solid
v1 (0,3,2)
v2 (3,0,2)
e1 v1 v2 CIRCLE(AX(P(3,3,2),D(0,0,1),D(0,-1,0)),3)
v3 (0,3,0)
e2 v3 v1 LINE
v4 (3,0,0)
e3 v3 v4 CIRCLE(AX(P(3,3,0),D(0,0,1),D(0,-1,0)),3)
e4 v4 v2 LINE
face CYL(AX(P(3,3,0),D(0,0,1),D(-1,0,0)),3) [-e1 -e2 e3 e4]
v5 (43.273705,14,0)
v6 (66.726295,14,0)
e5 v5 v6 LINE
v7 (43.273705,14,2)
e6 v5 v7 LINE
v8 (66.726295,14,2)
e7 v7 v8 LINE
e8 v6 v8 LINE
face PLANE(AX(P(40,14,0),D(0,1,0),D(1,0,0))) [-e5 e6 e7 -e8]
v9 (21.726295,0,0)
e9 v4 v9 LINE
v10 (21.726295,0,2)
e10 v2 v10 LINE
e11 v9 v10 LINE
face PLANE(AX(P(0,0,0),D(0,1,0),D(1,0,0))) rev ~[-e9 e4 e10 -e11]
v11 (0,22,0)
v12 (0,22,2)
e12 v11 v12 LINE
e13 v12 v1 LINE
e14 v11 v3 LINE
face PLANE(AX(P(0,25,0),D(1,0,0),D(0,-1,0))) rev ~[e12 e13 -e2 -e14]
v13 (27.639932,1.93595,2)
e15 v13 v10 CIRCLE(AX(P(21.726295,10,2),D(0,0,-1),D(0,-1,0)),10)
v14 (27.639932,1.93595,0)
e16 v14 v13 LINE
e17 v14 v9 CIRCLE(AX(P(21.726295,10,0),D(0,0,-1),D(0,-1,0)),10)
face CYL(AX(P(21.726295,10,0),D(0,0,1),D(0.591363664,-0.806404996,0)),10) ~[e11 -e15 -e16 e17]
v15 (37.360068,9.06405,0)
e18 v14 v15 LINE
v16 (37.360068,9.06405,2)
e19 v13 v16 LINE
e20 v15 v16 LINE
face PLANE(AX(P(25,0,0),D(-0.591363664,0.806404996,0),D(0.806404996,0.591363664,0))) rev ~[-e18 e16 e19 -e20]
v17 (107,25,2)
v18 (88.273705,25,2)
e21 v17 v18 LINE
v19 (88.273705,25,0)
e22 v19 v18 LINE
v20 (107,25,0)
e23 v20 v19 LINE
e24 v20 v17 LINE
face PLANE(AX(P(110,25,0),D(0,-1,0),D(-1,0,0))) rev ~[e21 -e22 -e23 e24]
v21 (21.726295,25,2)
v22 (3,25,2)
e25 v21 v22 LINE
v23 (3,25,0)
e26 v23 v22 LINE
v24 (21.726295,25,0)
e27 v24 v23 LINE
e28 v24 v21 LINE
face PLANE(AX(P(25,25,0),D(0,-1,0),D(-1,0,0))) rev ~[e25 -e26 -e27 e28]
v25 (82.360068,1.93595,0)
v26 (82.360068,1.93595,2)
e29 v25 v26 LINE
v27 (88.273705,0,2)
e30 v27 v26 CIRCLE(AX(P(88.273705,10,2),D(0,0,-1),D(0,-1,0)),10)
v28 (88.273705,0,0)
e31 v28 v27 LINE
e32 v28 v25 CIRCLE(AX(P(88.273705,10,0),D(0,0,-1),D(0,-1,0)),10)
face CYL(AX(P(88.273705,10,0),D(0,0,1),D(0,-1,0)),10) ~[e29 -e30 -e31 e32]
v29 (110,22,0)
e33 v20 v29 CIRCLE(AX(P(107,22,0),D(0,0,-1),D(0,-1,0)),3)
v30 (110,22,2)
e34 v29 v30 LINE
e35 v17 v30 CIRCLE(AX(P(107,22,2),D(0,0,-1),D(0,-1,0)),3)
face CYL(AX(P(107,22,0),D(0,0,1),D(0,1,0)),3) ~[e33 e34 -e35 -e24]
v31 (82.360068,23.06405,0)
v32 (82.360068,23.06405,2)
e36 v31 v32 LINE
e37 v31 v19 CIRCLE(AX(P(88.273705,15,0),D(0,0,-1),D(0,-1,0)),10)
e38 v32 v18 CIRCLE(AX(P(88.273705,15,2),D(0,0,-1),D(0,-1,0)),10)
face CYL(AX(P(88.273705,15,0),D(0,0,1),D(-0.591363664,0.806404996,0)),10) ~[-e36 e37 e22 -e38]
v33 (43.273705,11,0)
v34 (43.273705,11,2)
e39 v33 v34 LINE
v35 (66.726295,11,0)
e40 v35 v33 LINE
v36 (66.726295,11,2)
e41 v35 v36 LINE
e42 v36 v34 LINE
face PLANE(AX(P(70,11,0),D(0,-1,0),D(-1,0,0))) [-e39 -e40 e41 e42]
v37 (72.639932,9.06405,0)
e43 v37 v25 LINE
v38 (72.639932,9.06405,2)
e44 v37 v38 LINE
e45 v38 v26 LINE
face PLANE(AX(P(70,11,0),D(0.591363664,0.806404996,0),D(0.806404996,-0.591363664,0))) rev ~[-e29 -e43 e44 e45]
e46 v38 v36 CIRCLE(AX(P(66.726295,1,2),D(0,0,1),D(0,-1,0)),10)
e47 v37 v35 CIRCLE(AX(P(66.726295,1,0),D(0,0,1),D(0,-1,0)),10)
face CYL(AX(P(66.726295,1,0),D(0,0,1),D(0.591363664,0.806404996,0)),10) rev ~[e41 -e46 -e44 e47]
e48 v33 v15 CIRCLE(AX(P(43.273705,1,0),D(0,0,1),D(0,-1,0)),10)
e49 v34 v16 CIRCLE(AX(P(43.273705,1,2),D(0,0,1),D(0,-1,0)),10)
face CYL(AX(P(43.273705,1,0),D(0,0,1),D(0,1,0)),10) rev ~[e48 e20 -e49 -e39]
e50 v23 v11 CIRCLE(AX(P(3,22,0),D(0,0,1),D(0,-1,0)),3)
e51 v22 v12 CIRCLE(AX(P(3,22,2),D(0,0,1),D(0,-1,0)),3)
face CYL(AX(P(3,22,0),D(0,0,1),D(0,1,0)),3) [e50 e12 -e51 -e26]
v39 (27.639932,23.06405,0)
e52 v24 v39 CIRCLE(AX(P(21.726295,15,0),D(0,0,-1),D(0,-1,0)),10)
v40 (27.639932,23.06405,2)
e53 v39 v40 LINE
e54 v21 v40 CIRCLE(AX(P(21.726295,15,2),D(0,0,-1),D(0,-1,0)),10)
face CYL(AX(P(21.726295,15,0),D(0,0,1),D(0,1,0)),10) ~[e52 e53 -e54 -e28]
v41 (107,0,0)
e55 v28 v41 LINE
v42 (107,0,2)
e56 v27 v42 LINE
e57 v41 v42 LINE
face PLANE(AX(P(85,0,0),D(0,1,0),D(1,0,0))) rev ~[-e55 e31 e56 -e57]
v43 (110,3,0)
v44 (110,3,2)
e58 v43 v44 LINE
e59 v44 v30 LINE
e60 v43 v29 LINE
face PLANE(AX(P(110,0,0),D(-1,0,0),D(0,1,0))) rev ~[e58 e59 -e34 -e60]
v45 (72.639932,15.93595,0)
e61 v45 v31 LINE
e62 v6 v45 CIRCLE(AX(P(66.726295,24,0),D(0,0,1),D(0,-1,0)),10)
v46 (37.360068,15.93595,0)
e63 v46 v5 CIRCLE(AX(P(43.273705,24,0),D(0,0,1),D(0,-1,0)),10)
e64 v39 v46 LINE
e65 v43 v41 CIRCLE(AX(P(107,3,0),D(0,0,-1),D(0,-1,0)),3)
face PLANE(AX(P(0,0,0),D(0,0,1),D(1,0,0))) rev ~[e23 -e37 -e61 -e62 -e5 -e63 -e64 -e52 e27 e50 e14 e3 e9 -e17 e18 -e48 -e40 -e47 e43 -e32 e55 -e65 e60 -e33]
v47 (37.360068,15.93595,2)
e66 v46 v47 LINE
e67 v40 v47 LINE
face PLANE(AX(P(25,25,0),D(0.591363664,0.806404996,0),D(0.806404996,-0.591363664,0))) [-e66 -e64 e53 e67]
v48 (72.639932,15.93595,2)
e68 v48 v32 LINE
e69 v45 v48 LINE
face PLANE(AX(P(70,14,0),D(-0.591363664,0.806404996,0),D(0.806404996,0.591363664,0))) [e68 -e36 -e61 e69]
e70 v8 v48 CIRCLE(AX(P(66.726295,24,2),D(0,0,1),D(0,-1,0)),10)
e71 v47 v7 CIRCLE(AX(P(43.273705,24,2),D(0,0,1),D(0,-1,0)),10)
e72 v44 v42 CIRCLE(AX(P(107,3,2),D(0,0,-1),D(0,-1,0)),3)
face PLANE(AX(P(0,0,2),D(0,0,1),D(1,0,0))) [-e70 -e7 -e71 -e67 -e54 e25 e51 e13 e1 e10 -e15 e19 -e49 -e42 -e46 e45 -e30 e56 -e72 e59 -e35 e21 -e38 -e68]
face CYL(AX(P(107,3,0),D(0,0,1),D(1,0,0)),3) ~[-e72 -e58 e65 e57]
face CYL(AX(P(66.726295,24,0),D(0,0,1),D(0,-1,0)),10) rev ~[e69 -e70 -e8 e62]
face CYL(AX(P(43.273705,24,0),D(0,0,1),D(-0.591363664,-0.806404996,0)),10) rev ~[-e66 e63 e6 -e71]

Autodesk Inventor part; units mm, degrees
ref_plane "YZ Plane" through (0, 0, 0) normal (1, 0, 0) x (0, 1, 0)
ref_plane "XZ Plane" through (0, 0, 0) normal (0, 1, 0) x (-1, 0, 0)
ref_plane "XY Plane" through (0, 0, 0) normal (0, 0, 1) x (1, 0, 0)
sketch "Sketch1" plane through (0, 0, 0) normal (0, 0, 1) x (1, 0, 0)
  line L0 (0, 0) -> (25, 0)
  line L1 (25, 25) -> (0, 25)
  line L2 (0, 25) -> (0, 0)
  line L3 (40, 14) -> (70, 14)
  line L4 (70, 11) -> (40, 11)
  line L5 (85, 0) -> (110, 0)
  line L6 (110, 0) -> (110, 25)
  line L7 (110, 25) -> (85, 25)
  line L8 (25, 25) -> (40, 14)
  line L9 (25, 0) -> (40, 11)
  line L10 (70, 14) -> (85, 25)
  line L11 (70, 11) -> (85, 0)
  point P0 (45, 12.5)
  point P1 (25, 12.5)
  dimension "d0" = 25
  dimension "d1" = 25
  dimension "d5" = 25
  dimension "d6" = 110
  dimension "d12" = 3
  dimension "d13" = 1.5
  dimension "d14" = 30
extrude "Extrusion1" add sketch "Sketch1" along normal blind 2
fillet "Fillet1" radius 10 8 edges at (25, 25, 1) (40, 14, 1) (70, 14, 1) (85, 25, 1) (25, 0, 1) (40, 11, 1) (70, 11, 1) (85, 0, 1)
fillet "Fillet2" radius 3 4 edges at (0, 25, 1) (0, 0, 1) (110, 25, 1) (110, 0, 1)
properties part number "Tensile Test Specimen"
